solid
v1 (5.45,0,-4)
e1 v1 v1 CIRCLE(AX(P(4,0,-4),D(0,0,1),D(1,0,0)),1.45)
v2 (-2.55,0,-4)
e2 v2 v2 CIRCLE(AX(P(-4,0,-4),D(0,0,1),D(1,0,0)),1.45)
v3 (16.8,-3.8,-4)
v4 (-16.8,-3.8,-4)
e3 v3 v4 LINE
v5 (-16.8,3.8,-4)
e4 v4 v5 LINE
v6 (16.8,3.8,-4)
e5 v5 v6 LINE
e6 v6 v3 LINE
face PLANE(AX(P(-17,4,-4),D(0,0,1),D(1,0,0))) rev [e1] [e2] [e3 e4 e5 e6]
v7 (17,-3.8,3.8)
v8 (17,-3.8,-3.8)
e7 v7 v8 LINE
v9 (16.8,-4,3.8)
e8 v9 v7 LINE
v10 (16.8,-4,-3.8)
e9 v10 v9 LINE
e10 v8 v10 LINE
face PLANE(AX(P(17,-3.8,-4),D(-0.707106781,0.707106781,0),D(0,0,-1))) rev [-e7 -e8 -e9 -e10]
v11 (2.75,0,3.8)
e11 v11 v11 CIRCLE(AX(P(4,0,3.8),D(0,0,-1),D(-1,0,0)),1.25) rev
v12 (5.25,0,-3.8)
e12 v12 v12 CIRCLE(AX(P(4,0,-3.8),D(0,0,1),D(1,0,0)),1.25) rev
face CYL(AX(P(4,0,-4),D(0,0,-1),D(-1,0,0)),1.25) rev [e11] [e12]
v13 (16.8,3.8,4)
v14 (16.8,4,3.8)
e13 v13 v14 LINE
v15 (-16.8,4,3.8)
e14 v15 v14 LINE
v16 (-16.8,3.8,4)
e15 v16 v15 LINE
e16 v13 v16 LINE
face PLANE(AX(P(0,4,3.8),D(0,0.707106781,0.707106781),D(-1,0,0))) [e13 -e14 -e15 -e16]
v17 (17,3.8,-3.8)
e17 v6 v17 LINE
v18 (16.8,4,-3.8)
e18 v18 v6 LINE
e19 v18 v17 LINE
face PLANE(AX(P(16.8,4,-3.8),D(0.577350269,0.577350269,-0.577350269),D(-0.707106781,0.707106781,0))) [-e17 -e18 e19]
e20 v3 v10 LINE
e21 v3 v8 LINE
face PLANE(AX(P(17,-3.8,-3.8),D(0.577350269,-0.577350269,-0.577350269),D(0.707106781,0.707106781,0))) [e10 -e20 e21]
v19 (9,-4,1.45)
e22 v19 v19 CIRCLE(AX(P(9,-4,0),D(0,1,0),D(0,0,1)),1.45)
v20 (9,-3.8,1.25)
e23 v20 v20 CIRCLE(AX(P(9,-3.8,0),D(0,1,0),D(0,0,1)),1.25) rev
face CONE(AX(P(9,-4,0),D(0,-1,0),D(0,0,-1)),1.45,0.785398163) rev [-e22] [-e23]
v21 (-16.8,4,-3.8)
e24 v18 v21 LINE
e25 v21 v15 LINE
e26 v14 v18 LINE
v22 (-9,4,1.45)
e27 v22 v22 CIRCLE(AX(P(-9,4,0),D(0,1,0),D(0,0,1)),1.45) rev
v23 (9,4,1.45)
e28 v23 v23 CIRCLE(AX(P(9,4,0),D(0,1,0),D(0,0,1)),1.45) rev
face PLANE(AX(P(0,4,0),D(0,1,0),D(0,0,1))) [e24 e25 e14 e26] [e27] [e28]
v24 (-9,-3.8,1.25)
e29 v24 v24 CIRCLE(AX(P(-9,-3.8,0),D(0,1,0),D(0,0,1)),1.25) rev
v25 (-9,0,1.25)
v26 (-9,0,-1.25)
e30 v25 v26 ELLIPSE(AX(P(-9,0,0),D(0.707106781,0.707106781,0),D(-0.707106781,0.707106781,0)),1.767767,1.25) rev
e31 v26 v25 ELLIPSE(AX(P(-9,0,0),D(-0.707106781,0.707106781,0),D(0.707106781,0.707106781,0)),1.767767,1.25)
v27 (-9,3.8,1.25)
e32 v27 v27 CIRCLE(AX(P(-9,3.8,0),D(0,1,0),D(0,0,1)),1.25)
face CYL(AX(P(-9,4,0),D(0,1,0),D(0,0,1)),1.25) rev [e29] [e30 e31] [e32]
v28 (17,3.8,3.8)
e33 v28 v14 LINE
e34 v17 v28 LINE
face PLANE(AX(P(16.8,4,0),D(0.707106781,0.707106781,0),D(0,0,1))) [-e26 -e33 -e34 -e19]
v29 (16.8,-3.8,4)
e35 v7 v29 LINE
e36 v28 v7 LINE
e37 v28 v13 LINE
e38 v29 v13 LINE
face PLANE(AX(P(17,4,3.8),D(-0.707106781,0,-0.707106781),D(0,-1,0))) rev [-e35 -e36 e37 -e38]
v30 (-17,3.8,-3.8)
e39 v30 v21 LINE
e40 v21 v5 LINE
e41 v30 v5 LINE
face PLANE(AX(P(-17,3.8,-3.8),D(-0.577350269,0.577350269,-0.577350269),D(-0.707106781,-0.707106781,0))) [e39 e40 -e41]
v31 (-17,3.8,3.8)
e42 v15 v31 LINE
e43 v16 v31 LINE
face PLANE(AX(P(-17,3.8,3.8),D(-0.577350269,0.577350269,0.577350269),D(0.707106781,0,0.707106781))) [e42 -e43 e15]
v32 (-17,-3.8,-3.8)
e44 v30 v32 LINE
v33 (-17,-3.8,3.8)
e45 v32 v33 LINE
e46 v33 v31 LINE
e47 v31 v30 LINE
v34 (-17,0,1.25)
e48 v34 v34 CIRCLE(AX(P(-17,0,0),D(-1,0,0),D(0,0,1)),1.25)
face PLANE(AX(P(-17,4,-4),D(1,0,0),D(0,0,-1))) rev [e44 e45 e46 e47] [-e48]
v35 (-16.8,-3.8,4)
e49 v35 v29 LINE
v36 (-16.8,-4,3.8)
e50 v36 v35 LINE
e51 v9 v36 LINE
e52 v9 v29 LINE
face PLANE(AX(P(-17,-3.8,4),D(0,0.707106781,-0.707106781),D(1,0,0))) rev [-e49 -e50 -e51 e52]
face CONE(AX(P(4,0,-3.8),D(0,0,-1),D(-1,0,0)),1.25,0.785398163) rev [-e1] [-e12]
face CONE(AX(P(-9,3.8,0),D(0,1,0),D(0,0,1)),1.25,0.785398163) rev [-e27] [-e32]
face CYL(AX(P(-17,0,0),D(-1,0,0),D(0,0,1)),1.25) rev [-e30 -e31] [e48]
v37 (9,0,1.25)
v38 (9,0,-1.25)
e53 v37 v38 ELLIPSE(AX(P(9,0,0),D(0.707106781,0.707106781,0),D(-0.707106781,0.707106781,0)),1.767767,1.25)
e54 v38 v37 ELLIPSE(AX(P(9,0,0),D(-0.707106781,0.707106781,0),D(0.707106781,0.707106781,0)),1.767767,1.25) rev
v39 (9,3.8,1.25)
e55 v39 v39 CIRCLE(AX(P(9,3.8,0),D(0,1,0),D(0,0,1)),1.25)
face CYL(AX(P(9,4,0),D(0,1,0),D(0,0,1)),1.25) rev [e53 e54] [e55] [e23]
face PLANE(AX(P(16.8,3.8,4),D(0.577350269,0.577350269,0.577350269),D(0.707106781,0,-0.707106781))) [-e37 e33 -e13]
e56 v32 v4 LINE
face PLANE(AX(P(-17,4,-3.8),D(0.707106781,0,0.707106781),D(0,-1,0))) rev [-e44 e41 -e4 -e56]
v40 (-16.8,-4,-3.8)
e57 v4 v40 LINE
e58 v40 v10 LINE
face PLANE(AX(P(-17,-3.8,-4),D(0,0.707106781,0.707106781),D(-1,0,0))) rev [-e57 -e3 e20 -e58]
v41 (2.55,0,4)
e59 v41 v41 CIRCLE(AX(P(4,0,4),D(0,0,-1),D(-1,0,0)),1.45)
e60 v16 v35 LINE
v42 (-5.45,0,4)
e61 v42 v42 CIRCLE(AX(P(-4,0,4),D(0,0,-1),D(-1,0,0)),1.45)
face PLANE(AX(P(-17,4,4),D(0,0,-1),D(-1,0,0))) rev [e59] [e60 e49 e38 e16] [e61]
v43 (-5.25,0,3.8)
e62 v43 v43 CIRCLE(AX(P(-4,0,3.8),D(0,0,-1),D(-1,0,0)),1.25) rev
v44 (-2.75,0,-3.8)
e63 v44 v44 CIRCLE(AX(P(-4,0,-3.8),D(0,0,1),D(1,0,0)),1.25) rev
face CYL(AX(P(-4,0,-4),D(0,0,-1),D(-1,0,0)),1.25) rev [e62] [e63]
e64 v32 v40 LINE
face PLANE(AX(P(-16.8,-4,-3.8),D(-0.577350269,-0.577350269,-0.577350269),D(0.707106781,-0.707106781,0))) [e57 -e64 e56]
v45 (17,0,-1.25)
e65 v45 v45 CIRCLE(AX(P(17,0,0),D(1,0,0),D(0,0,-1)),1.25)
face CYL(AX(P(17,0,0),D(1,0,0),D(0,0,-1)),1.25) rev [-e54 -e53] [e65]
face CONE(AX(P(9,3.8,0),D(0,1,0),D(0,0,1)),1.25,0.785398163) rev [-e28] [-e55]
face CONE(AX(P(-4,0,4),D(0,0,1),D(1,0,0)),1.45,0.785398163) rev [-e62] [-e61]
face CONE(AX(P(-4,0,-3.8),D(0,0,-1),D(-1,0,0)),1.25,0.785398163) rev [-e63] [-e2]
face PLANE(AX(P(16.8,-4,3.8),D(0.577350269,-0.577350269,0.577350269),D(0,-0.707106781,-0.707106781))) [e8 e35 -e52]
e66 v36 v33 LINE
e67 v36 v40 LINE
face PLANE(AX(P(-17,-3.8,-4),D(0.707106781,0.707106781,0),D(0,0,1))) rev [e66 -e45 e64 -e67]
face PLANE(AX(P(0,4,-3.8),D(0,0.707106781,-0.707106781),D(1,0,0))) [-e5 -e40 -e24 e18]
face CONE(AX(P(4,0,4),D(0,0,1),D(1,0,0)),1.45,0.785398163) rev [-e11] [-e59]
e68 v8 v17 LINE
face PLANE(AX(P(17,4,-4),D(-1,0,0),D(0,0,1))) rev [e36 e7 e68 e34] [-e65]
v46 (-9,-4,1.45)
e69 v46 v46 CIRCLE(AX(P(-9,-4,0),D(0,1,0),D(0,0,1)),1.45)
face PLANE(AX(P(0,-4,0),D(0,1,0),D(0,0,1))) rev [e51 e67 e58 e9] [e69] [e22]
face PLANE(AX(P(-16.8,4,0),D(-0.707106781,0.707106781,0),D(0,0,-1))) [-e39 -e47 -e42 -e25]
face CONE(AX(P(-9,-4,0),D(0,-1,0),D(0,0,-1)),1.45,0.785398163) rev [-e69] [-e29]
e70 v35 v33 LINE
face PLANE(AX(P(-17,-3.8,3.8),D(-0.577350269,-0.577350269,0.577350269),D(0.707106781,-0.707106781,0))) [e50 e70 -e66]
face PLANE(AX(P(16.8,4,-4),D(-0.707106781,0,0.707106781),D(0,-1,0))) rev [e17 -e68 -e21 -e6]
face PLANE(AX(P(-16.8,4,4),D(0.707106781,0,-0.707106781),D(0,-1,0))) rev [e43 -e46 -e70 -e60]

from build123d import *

# Parameters (mm, degrees)
SKETCH_1_W              = 34
SKETCH_1_H              = 8
EXTRUDE_1_DEPTH         = 4
HOLE_WIZARD_M3_1_D      = 2.5
HOLE_WIZARD_M3_2_D      = 2.5
CHAMFER_1_SIZE          = 0.2
HOLE_WIZARD_M3_3_REACH  = 36.467
HOLE_WIZARD_M3_3_BORE_R = 1.25
HOLE_WIZARD_M3_4_REACH  = 36.467
HOLE_WIZARD_M3_4_BORE_R = 1.25


with BuildPart() as part:
    # 草图1 → 凸台-拉伸1 (new, symmetric)
    with BuildSketch(Plane(origin=(0, 0, 0), x_dir=(1, 0, 0), z_dir=(0, 1, 0))):
        Rectangle(SKETCH_1_W, SKETCH_1_H)
    extrude(amount=EXTRUDE_1_DEPTH, both=True)

    # M3 螺纹孔1 (through all)
    with Locations(Plane(origin=(0, 4, 0), x_dir=(1, 0, 0), z_dir=(0, 1, 0))):
        with Locations((-9, 0), (9, 0)):
            Hole(HOLE_WIZARD_M3_1_D / 2)

    # M3 螺纹孔2 (through all)
    with Locations(Plane(origin=(0, 0, -4), x_dir=(-1, 0, 0), z_dir=(0, 0, -1))):
        with Locations((-4, 0), (4, 0)):
            Hole(HOLE_WIZARD_M3_2_D / 2)

    # 倒角1
    chamfer_1_edges = [part.edges().sort_by_distance(p)[0] for p in [
        (-17, 4, 0),
        (10.25, 4, 0),
        (10.25, -4, 0),
        (0, 4, 4),
        (-7.75, 4, 0),
        (-7.75, -4, 0),
        (-5.25, 0, -4),
        (-5.25, 0, 4),
        (2.75, 0, -4),
        (2.75, 0, 4),
        (17, 4, 0),
        (0, -4, 4),
        (-17, -4, 0),
        (0, -4, -4),
        (17, -4, 0),
        (17, 0, 4),
        (-17, 0, 4),
        (-17, 0, -4),
        (17, 0, -4),
        (0, 4, -4),
    ]]
    chamfer(chamfer_1_edges, length=CHAMFER_1_SIZE)

    # M3 螺纹孔3 bore → M3 螺纹孔3 (cut, up to next)
    with BuildSketch(Plane.ZY.offset(17), mode=Mode.PRIVATE) as hole_wizard_m3_3_sk1:
        Circle(HOLE_WIZARD_M3_3_BORE_R)
    hole_wizard_m3_3_tool1 = extrude(hole_wizard_m3_3_sk1.sketch, amount=-HOLE_WIZARD_M3_3_REACH, mode=Mode.PRIVATE) & part.part
    add(hole_wizard_m3_3_tool1.solids().sort_by_distance((-17, 0, 0))[0], mode=Mode.SUBTRACT)

    # M3 螺纹孔4 bore → M3 螺纹孔4 (cut, up to next)
    with BuildSketch(Plane(origin=(17, 0, 0), x_dir=(0, 0, -1), z_dir=(1, 0, 0)), mode=Mode.PRIVATE) as hole_wizard_m3_4_sk1:
        Circle(HOLE_WIZARD_M3_4_BORE_R)
    hole_wizard_m3_4_tool1 = extrude(hole_wizard_m3_4_sk1.sketch, amount=-HOLE_WIZARD_M3_4_REACH, mode=Mode.PRIVATE) & part.part
    add(hole_wizard_m3_4_tool1.solids().sort_by_distance((17, 0, 0))[0], mode=Mode.SUBTRACT)


solid = part.part
